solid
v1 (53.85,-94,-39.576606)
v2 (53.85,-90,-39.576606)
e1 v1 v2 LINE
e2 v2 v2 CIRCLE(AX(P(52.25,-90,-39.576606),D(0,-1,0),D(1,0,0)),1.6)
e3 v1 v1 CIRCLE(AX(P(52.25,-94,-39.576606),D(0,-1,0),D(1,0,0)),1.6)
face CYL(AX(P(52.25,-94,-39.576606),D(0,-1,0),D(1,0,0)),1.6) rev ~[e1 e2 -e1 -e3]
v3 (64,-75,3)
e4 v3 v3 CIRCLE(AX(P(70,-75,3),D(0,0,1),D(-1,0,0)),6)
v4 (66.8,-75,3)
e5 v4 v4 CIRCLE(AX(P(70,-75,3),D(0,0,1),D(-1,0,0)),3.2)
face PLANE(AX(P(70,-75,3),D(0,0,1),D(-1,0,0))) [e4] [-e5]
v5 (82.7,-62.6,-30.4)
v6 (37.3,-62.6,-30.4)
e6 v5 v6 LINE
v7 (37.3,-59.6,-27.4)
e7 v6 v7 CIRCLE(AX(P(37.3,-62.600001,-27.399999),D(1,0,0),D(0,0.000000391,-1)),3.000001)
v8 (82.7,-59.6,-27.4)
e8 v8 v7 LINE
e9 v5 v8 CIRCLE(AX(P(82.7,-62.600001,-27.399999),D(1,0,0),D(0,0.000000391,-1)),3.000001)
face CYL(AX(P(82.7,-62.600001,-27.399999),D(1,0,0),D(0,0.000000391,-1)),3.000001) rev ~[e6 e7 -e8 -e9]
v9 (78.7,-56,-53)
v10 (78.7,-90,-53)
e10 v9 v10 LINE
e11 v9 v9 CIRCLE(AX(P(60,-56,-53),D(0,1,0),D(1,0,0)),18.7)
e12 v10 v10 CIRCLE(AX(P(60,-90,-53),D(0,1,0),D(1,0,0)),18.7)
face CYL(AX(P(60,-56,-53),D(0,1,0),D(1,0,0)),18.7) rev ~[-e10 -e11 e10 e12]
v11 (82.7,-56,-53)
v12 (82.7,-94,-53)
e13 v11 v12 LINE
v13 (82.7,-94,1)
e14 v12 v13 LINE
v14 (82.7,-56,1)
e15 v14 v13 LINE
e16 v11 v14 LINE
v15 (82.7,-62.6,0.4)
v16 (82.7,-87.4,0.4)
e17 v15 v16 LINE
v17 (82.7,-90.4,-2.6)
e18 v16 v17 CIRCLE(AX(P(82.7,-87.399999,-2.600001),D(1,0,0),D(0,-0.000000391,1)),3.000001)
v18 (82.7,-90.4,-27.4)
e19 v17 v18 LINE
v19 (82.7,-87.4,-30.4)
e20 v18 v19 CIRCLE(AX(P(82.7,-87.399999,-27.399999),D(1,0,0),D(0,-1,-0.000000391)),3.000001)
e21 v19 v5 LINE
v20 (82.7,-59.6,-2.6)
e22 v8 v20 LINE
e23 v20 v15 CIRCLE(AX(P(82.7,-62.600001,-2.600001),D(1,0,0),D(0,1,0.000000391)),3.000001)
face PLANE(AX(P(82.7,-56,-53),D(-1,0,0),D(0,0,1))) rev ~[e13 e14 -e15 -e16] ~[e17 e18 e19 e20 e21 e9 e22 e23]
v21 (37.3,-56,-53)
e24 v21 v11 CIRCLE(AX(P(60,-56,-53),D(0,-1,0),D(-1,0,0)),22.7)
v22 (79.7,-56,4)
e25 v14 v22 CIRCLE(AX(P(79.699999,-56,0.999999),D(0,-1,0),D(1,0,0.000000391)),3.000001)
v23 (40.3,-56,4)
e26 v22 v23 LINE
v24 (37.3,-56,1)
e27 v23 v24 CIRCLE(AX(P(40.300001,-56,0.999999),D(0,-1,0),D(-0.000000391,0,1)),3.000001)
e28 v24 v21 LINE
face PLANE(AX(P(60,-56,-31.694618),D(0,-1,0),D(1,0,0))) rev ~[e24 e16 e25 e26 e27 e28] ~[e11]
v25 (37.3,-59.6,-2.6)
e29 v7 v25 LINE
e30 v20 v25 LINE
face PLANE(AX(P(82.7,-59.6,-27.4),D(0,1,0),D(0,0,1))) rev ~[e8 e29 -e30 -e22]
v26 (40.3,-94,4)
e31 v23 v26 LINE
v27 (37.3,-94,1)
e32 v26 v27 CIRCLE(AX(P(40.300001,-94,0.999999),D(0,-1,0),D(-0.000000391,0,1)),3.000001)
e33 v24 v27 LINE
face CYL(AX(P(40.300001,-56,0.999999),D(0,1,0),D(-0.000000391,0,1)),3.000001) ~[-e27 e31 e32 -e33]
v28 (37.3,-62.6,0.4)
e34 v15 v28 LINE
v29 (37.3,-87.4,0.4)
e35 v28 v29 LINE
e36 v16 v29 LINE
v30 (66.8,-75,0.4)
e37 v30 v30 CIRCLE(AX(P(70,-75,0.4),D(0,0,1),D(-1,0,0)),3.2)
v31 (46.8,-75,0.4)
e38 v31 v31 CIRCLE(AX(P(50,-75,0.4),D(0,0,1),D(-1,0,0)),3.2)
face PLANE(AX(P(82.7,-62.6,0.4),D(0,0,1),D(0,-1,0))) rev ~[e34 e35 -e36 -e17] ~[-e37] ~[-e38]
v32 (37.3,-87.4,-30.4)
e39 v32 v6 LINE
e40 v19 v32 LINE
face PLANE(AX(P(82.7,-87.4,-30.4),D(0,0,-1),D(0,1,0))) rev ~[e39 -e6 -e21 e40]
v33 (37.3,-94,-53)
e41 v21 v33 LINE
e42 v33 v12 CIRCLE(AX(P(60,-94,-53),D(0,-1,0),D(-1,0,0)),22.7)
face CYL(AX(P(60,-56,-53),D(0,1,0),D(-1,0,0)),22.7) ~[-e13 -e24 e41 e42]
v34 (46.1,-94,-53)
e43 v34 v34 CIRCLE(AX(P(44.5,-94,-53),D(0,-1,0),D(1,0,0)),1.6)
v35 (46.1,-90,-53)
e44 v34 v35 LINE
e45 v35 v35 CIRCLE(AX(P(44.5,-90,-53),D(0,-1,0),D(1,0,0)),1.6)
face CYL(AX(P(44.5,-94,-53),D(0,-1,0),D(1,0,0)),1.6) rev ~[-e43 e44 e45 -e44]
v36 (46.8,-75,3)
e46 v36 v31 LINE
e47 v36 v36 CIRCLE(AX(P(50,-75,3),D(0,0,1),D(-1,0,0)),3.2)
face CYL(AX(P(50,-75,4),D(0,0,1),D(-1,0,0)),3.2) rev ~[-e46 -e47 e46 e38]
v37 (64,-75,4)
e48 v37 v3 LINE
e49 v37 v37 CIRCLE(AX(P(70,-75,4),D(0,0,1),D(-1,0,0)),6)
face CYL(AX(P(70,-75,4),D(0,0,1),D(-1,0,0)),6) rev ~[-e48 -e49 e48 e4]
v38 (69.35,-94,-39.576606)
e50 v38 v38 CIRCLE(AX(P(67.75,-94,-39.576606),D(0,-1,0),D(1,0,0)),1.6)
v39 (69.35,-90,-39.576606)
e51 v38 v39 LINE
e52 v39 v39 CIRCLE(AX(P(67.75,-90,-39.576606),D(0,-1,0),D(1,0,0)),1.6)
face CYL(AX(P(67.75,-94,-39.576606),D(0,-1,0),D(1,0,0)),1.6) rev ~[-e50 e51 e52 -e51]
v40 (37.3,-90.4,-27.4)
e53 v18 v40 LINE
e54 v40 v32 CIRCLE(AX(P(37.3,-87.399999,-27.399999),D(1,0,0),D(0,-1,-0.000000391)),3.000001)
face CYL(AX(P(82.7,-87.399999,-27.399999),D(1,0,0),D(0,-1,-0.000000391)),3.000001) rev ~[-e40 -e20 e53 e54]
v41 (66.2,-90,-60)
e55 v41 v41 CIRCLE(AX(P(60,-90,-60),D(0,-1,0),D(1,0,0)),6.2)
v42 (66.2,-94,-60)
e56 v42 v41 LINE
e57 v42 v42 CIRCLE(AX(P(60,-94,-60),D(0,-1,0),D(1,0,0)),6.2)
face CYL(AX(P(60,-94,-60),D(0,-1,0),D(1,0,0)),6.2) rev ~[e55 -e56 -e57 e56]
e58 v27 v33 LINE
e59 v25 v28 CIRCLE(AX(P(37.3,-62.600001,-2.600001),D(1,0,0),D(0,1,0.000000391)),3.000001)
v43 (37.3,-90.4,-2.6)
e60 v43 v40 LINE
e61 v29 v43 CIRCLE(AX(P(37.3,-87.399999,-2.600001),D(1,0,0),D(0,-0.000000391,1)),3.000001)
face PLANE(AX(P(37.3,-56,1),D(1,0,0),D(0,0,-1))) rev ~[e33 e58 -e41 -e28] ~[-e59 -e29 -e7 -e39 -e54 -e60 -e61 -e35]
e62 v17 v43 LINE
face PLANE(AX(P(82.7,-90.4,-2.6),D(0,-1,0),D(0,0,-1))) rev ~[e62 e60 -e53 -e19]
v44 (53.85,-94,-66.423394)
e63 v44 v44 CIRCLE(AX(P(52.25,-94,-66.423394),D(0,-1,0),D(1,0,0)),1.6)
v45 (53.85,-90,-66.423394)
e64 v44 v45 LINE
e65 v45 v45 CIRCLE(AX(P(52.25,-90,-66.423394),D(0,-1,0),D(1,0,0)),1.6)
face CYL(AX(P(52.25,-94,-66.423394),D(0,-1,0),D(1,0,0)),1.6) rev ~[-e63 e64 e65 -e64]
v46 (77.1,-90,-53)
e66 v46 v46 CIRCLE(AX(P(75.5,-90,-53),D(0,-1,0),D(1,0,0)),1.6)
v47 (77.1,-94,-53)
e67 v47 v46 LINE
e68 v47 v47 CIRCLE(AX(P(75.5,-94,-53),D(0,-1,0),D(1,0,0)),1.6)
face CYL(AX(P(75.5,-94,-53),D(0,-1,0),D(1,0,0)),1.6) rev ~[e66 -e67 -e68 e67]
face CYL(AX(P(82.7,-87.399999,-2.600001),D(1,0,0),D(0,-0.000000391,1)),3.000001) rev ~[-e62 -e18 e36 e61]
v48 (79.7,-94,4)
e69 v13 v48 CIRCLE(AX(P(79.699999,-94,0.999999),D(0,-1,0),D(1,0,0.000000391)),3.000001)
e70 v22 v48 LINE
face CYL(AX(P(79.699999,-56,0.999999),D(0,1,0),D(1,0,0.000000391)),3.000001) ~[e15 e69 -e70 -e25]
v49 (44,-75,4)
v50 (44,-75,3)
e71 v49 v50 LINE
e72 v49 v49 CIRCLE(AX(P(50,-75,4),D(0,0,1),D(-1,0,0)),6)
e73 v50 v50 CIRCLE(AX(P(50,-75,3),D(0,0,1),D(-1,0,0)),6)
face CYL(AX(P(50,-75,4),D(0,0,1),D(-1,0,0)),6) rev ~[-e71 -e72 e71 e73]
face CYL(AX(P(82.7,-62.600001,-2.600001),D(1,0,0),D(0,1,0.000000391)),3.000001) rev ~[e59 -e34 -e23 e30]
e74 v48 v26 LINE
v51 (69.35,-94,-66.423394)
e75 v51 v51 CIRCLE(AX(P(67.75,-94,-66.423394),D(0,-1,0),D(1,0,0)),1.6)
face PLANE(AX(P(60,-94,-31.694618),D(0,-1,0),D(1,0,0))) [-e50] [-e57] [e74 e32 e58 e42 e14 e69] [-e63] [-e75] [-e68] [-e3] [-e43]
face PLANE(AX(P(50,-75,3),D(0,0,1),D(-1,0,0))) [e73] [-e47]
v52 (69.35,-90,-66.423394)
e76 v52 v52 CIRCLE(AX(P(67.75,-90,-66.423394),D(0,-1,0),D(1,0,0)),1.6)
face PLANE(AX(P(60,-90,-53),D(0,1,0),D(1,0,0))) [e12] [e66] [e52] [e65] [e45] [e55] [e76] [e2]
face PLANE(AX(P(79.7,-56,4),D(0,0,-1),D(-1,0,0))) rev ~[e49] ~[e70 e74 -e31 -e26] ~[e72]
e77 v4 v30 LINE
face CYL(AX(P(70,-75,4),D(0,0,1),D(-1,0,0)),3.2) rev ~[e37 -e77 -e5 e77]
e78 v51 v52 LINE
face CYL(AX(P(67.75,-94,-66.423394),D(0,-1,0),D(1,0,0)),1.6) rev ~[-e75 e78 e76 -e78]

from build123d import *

# Parameters (mm, degrees)
PAD_START       = 56
PAD_DEPTH       = 38
SKETCH001_R     = 18.7
POCKET_DEPTH    = 34
SKETCH002_R     = 6.2
SKETCH002_R_2   = 1.6
POCKET001_DEPTH = 4
POCKET002_DEPTH = 45.401
SKETCH004_R     = 3.2
POCKET003_DEPTH = 3.6
SKETCH005_R     = 6
POCKET004_DEPTH = 1


with BuildPart() as part:
    # Sketch → Pad (new body)
    with BuildSketch(Plane.XZ.offset(PAD_START)):
        with BuildLine():
            Line((37.3, 1), (37.3, -53))
            ThreePointArc((37.3, -53), (60, -75.7), (82.7, -53))
            Line((82.7, -53), (82.7, 1))
            ThreePointArc((82.7, 1), (81.82132, 3.12132), (79.7, 4))
            Line((79.7, 4), (40.3, 4))
            ThreePointArc((40.3, 4), (38.17868, 3.12132), (37.3, 1))
        make_face()
    extrude(amount=PAD_DEPTH)

    # Sketch001 (on Face7 of Pad) → Pocket (cut)
    with BuildSketch(Plane(origin=(0, -56, 0), x_dir=(1, 0, 0), z_dir=(0, 1, 0))):
        with Locations((60, 53)):
            Circle(SKETCH001_R)
    extrude(amount=-POCKET_DEPTH, mode=Mode.SUBTRACT)

    # Sketch002 (on Face5 of Pocket) → Pocket001 (cut)
    with BuildSketch(Plane.XZ.offset(94)):
        with Locations((60, -60)):
            Circle(SKETCH002_R)
        with Locations((52.25, -39.576606)):
            Circle(SKETCH002_R_2)
        with Locations((67.75, -39.576606)):
            Circle(SKETCH002_R_2)
        with Locations((75.5, -53)):
            Circle(SKETCH002_R_2)
        with Locations((67.75, -66.423394)):
            Circle(SKETCH002_R_2)
        with Locations((52.25, -66.423394)):
            Circle(SKETCH002_R_2)
        with Locations((44.5, -53)):
            Circle(SKETCH002_R_2)
    extrude(amount=-POCKET001_DEPTH, mode=Mode.SUBTRACT)

    # Sketch003 (on Face7 of Pocket001) → Pocket002 (cut, through all)
    with BuildSketch(Plane(origin=(82.7, 0, 0), x_dir=(0, 0, 1), z_dir=(1, 0, 0))):
        with BuildLine():
            Line((-30.4, 87.4), (-30.4, 62.6))
            ThreePointArc((-30.4, 62.6), (-29.52132, 60.47868), (-27.4, 59.6))
            Line((-27.4, 59.6), (-2.6, 59.6))
            ThreePointArc((-2.6, 59.6), (-0.47868, 60.47868), (0.4, 62.6))
            Line((0.4, 62.6), (0.4, 87.4))
            ThreePointArc((0.4, 87.4), (-0.47868, 89.52132), (-2.6, 90.4))
            Line((-2.6, 90.4), (-27.4, 90.4))
            ThreePointArc((-27.4, 90.4), (-29.52132, 89.52132), (-30.4, 87.4))
        make_face()
    extrude(amount=-POCKET002_DEPTH, mode=Mode.SUBTRACT)

    # Sketch004 (on Face14 of Pocket002) → Pocket003 (cut)
    with BuildSketch(Plane(origin=(0, 0, 4), x_dir=(-1, 0, 0), z_dir=(0, 0, 1))):
        with Locations((-70, 75)):
            Circle(SKETCH004_R)
        with Locations((-50, 75)):
            Circle(SKETCH004_R)
    extrude(amount=-POCKET003_DEPTH, mode=Mode.SUBTRACT)

    # Sketch005 (on Face14 of Pocket003) → Pocket004 (cut)
    with BuildSketch(Plane(origin=(0, 0, 4), x_dir=(-1, 0, 0), z_dir=(0, 0, 1))):
        with Locations((-70, 75)):
            Circle(SKETCH005_R)
        with Locations((-50, 75)):
            Circle(SKETCH005_R)
    extrude(amount=-POCKET004_DEPTH, mode=Mode.SUBTRACT)


solid = part.part
